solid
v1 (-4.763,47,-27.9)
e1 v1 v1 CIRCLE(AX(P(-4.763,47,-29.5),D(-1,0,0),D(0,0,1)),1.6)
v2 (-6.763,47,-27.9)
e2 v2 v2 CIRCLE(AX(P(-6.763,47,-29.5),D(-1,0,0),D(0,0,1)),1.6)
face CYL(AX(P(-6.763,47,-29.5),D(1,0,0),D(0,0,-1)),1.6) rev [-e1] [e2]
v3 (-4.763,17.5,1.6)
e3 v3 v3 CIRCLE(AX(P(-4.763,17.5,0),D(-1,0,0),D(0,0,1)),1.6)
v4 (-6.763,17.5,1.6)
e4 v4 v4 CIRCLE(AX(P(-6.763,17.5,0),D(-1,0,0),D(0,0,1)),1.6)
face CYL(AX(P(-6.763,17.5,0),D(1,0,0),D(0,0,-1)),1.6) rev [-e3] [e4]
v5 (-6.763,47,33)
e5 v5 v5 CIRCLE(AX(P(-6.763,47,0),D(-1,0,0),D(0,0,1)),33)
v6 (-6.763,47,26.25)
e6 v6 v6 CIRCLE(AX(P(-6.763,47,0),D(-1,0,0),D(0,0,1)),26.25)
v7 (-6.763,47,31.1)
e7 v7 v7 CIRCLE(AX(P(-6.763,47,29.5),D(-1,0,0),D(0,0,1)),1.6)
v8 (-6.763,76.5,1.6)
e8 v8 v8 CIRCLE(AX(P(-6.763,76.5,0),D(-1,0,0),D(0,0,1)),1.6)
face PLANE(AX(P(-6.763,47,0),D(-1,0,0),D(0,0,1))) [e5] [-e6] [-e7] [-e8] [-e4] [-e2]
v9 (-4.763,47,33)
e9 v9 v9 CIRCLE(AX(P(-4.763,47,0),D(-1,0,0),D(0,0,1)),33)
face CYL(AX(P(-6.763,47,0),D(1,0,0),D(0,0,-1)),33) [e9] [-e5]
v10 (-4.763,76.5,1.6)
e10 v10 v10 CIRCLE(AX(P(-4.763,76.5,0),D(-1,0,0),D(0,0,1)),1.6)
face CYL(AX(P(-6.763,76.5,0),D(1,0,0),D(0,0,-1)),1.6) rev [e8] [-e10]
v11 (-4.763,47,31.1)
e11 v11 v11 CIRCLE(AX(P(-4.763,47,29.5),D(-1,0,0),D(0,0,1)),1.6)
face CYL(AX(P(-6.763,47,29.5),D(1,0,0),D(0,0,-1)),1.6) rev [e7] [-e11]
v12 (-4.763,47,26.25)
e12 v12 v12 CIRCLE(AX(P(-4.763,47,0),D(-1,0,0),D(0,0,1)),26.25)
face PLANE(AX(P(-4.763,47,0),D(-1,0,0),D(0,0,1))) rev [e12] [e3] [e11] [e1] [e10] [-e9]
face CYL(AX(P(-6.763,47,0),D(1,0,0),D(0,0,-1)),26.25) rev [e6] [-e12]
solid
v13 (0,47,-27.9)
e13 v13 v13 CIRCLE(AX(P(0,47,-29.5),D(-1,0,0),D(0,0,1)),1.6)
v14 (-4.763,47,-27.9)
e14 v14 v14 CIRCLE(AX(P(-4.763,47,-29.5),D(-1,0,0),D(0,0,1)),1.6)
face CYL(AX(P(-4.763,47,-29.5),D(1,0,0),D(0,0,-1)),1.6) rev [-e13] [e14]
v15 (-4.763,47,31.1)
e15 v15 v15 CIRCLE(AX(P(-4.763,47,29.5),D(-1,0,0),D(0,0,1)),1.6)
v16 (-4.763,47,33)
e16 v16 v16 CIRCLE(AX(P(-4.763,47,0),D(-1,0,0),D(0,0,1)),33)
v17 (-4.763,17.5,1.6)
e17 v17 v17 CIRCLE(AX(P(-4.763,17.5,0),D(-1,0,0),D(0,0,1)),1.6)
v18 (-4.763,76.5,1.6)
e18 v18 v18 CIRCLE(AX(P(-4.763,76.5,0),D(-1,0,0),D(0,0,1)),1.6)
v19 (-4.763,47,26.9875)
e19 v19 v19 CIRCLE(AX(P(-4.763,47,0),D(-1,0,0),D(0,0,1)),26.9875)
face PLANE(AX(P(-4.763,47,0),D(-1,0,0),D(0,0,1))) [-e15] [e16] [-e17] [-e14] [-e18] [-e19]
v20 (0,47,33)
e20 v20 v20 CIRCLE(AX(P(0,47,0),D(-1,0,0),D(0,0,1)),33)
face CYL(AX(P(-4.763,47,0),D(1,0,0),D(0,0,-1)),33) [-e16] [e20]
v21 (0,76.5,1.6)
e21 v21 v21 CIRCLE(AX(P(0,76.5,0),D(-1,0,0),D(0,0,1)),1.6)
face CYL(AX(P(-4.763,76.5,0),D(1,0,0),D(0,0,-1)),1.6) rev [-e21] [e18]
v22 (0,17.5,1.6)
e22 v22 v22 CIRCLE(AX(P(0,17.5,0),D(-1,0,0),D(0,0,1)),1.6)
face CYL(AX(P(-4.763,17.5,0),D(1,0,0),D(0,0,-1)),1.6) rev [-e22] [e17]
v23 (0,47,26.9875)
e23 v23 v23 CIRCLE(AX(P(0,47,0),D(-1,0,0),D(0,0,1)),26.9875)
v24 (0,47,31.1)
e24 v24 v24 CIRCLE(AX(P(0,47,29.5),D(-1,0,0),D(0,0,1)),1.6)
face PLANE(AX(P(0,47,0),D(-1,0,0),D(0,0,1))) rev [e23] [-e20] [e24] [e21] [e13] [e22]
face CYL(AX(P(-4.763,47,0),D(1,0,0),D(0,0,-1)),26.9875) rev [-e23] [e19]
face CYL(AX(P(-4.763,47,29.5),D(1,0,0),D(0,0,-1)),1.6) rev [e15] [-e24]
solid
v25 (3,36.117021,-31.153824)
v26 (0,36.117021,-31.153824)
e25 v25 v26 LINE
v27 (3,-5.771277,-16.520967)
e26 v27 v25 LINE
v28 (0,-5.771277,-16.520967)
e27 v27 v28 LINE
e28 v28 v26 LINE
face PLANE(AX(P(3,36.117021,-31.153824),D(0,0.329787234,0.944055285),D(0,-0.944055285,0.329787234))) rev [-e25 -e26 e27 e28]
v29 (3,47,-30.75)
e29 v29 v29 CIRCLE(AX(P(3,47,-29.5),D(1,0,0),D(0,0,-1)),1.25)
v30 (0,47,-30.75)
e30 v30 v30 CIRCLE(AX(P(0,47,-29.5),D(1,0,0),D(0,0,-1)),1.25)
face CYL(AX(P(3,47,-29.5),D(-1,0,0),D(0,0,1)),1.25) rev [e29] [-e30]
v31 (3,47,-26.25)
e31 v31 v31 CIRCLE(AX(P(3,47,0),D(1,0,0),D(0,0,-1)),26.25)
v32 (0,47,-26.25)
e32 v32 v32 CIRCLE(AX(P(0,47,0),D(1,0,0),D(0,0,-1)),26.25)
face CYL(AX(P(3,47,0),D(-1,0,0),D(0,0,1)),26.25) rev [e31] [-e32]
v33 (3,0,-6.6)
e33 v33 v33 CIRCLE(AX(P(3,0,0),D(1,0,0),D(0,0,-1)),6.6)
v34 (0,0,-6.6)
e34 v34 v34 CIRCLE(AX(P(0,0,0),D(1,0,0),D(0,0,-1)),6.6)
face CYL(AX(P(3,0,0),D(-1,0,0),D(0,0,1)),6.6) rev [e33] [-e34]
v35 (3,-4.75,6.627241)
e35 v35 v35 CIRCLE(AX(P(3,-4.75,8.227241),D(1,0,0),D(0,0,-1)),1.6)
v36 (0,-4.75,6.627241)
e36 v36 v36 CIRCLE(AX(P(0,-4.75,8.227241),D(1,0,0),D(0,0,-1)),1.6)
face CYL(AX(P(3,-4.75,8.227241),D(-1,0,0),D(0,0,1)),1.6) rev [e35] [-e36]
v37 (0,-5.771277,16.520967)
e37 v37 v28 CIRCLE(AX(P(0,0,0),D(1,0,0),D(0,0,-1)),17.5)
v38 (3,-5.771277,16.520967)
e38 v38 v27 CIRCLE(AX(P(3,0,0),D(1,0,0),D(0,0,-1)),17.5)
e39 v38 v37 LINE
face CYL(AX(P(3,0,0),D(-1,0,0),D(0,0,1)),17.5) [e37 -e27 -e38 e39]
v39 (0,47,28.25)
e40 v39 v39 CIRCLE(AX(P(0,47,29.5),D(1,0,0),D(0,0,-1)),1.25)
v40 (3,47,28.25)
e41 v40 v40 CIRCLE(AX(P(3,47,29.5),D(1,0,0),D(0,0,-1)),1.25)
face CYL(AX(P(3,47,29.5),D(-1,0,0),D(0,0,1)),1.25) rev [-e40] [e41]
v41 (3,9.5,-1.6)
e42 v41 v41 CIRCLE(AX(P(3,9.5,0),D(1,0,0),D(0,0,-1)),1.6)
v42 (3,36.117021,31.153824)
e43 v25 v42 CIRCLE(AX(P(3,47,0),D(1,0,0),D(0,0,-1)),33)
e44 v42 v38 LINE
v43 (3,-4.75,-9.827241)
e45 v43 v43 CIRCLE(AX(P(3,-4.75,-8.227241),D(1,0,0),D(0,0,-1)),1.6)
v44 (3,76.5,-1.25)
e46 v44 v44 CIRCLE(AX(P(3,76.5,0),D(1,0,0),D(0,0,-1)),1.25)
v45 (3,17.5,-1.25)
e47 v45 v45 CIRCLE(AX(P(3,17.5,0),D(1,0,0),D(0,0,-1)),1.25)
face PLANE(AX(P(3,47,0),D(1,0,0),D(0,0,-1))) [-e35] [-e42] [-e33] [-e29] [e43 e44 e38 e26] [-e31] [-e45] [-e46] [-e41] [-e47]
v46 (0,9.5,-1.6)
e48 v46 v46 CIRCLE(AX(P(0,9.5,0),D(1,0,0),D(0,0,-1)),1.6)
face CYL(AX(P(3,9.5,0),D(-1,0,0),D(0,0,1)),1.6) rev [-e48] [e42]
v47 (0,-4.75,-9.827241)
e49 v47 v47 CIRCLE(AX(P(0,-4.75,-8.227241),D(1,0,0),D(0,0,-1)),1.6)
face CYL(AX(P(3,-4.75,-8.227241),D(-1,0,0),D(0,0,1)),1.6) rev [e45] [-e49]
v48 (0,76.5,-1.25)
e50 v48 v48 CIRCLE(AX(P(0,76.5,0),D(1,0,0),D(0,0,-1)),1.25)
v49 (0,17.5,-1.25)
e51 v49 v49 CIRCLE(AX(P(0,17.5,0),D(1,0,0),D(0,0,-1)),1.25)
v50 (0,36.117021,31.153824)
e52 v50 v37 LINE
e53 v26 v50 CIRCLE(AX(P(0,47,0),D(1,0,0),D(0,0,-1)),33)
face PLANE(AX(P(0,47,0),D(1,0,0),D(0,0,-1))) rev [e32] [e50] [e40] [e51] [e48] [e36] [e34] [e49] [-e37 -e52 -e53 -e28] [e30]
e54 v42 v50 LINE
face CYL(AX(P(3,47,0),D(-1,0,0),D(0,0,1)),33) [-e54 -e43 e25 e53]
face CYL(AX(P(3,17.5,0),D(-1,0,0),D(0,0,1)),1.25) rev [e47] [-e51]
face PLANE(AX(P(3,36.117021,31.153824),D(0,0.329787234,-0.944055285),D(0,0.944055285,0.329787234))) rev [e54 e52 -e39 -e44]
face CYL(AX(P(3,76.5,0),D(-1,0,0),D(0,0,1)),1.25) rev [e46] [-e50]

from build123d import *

# Parameters (mm, degrees)
SKETCH_2_R      = 6.6
SKETCH_2_R_2    = 1.6
SKETCH_2_R_3    = 26.25
SKETCH_2_R_4    = 1.25
EXTRUDE_1_DEPTH = 3
SKETCH_6_R      = 33
SKETCH_6_R_2    = 26.9875
SKETCH_6_R_3    = 1.6
EXTRUDE_4_DEPTH = 4.763
SKETCH_7_R      = 33
SKETCH_7_R_2    = 26.25
SKETCH_7_R_3    = 1.6
EXTRUDE_5_DEPTH = 2


with BuildPart() as part:
    # ｽｹｯﾁ2 → ﾎﾞｽ - 押し出し1 (new body)
    with BuildSketch(Plane(origin=(0, 0, 0), x_dir=(0, 0, -1), z_dir=(1, 0, 0))):
        with BuildLine():
            Line((-31.15382439, 36.117021277), (-16.520967479, -5.771276596))
            ThreePointArc((-16.520967479, -5.771276596), (0, -17.5), (16.520967479, -5.771276596))
            Line((16.520967479, -5.771276596), (31.15382439, 36.117021277))
            ThreePointArc((31.15382439, 36.117021277), (0, 80), (-31.15382439, 36.117021277))
        make_face()
        Circle(SKETCH_2_R, mode=Mode.SUBTRACT)
        with Locations((0, 9.5)):
            Circle(SKETCH_2_R_2, mode=Mode.SUBTRACT)
        with Locations((8.227241336, -4.75)):
            Circle(SKETCH_2_R_2, mode=Mode.SUBTRACT)
        with Locations((-8.227241336, -4.75)):
            Circle(SKETCH_2_R_2, mode=Mode.SUBTRACT)
        with Locations((0, 47)):
            Circle(SKETCH_2_R_3, mode=Mode.SUBTRACT)
        with Locations((0, 76.5)):
            Circle(SKETCH_2_R_4, mode=Mode.SUBTRACT)
        with Locations((0, 17.5)):
            Circle(SKETCH_2_R_4, mode=Mode.SUBTRACT)
        with Locations((29.5, 47)):
            Circle(SKETCH_2_R_4, mode=Mode.SUBTRACT)
        with Locations((-29.5, 47)):
            Circle(SKETCH_2_R_4, mode=Mode.SUBTRACT)
    extrude(amount=EXTRUDE_1_DEPTH)


with BuildPart() as body_2:
    # ｽｹｯﾁ6 → ﾎﾞｽ - 押し出し4 (new body)
    with BuildSketch(Plane.ZY):
        with Locations((0, 47)):
            Circle(SKETCH_6_R)
        with Locations((0, 47)):
            Circle(SKETCH_6_R_2, mode=Mode.SUBTRACT)
        with Locations((0, 76.5)):
            Circle(SKETCH_6_R_3, mode=Mode.SUBTRACT)
        with Locations((29.5, 47)):
            Circle(SKETCH_6_R_3, mode=Mode.SUBTRACT)
        with Locations((0, 17.5)):
            Circle(SKETCH_6_R_3, mode=Mode.SUBTRACT)
        with Locations((-29.5, 47)):
            Circle(SKETCH_6_R_3, mode=Mode.SUBTRACT)
    extrude(amount=EXTRUDE_4_DEPTH)


with BuildPart() as body_3:
    # ｽｹｯﾁ7 → ﾎﾞｽ - 押し出し5 (new body)
    with BuildSketch(Plane.ZY.offset(4.763)):
        with Locations((0, 47)):
            Circle(SKETCH_7_R)
        with Locations((0, 47)):
            Circle(SKETCH_7_R_2, mode=Mode.SUBTRACT)
        with Locations((0, 17.5)):
            Circle(SKETCH_7_R_3, mode=Mode.SUBTRACT)
        with Locations((29.5, 47)):
            Circle(SKETCH_7_R_3, mode=Mode.SUBTRACT)
        with Locations((-29.5, 47)):
            Circle(SKETCH_7_R_3, mode=Mode.SUBTRACT)
        with Locations((0, 76.5)):
            Circle(SKETCH_7_R_3, mode=Mode.SUBTRACT)
    extrude(amount=EXTRUDE_5_DEPTH)


solid = Compound([part.part, body_2.part, body_3.part])
